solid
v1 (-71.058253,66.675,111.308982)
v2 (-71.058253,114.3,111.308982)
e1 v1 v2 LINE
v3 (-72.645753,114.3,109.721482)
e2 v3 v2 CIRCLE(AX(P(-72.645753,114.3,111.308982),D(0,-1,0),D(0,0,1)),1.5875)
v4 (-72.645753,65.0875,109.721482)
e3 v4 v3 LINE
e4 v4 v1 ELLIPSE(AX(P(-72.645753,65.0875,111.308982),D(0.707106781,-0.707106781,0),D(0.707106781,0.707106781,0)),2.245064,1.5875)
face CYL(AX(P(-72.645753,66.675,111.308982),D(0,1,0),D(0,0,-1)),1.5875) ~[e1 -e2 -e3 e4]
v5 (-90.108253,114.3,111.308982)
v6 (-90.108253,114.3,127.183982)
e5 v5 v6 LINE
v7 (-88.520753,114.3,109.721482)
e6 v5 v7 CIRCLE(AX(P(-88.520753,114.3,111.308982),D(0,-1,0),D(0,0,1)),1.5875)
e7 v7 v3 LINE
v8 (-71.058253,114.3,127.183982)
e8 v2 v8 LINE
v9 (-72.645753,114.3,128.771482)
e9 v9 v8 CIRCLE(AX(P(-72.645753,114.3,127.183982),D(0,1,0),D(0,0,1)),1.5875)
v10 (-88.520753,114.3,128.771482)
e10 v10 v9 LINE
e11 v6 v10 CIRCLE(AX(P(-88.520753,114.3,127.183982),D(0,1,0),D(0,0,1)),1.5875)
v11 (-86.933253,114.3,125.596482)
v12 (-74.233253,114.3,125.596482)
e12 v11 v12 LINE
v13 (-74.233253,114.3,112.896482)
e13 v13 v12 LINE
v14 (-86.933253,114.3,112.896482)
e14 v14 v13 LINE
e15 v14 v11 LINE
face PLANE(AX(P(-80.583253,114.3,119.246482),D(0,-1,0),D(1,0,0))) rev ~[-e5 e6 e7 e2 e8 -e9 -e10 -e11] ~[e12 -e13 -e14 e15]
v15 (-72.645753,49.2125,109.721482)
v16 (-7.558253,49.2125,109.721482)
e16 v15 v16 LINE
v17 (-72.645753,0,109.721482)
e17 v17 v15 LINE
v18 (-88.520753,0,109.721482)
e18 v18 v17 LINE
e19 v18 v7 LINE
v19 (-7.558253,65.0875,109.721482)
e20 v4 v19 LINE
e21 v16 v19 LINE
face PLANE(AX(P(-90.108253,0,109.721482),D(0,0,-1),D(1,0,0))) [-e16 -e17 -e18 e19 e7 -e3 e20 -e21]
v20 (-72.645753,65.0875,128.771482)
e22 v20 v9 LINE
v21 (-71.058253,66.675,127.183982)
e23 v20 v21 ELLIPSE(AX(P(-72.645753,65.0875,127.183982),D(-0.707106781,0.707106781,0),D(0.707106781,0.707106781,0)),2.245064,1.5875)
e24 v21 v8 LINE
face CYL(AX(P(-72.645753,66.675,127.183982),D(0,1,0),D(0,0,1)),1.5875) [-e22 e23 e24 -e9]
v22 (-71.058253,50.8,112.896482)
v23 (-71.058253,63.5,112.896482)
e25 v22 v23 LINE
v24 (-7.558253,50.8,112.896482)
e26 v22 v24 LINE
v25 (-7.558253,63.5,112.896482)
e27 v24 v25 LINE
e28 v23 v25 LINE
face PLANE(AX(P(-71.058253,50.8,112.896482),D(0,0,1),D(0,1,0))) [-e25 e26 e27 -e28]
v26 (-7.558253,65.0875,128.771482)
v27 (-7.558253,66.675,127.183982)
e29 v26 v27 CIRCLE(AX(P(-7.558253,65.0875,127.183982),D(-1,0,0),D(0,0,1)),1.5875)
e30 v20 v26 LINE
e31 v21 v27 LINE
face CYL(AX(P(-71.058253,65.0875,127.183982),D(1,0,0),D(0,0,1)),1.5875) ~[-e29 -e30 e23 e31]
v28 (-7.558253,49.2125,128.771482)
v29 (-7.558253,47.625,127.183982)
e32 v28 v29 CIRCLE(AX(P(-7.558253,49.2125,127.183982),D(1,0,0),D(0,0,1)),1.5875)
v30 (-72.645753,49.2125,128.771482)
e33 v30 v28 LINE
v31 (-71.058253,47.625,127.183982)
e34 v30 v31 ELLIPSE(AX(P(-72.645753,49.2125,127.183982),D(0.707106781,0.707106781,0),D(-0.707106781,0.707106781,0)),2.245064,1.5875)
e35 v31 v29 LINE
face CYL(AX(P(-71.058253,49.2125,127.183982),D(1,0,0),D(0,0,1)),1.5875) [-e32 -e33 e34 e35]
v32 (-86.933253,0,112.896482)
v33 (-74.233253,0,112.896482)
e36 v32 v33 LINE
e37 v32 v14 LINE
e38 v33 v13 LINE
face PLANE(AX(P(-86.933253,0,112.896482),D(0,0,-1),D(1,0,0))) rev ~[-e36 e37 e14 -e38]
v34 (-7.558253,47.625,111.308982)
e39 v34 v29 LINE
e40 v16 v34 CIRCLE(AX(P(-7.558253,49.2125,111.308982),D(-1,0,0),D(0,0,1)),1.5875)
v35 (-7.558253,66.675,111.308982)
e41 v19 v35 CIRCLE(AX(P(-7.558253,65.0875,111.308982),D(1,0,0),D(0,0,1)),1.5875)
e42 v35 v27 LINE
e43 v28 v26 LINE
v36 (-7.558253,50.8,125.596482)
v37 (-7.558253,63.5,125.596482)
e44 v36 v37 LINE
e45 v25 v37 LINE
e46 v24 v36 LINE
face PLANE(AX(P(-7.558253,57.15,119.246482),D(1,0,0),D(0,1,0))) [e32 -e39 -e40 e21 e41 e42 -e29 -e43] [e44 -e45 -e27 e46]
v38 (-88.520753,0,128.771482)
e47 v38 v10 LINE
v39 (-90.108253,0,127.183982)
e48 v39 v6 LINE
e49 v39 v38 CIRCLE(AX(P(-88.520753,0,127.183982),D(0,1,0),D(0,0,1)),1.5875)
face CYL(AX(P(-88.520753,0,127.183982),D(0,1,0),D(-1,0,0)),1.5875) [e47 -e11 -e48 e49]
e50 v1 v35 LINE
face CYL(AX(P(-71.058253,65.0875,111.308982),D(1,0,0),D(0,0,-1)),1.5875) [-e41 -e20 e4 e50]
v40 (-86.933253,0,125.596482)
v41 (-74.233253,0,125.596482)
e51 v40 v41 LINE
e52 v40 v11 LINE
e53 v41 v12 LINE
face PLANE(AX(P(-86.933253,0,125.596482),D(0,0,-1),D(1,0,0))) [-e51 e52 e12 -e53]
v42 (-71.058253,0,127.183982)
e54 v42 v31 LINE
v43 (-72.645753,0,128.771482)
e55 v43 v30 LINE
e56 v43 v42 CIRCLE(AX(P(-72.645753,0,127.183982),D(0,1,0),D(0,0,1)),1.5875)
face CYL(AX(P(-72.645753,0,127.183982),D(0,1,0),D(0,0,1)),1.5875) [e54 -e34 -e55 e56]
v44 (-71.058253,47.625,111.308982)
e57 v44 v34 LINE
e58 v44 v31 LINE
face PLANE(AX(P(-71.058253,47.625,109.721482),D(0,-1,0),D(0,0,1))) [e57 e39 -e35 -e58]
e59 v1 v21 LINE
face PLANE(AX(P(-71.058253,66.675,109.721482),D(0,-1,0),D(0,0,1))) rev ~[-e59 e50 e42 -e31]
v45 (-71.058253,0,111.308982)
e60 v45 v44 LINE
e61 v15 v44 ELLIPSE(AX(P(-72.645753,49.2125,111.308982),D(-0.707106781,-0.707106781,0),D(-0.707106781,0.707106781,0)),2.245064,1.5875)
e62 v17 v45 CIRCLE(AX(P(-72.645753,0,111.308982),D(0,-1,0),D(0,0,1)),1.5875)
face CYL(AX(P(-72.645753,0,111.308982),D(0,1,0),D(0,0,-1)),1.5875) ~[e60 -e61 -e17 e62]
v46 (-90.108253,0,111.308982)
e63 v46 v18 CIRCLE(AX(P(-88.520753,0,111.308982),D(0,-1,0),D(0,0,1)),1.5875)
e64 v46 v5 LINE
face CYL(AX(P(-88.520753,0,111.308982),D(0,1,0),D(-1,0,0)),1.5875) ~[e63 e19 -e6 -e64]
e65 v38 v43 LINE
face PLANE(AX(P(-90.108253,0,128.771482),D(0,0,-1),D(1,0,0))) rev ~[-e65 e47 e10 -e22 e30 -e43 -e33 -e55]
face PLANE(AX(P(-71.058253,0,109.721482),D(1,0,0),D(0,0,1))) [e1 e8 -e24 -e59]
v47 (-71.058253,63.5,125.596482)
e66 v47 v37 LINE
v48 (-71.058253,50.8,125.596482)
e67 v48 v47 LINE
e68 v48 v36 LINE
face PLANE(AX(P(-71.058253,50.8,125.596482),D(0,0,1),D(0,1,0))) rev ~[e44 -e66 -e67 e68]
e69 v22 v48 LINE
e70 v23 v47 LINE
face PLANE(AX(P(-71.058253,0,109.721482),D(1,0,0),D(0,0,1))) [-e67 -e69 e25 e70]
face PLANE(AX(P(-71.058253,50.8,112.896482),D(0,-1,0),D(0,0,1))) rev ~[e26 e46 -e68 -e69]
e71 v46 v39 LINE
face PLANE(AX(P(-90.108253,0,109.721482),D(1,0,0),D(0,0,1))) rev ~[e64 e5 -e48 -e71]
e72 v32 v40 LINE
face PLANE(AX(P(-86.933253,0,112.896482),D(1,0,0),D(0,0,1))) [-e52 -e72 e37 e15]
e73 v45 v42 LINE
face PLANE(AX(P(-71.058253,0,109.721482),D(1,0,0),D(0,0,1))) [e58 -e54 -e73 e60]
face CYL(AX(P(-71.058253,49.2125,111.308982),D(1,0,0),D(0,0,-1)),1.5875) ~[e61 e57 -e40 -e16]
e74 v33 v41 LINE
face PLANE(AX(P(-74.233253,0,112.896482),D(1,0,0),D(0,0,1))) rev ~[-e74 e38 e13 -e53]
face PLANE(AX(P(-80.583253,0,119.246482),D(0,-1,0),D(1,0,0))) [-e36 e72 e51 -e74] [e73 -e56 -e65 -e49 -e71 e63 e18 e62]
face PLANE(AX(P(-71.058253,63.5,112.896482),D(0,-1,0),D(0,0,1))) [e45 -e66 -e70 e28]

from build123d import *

# Parameters (mm, degrees)
F0_W     = 19.05
F0_H     = 19.05
F0_W_2   = 12.7
F0_H_2   = 12.7
F1_DEPTH = 114.3
F2_W     = 19.05
F2_H     = 19.05
F2_W_2   = 12.7
F2_H_2   = 12.7
F3_DEPTH = 63.5
F4_R     = 1.5875


with BuildPart() as f1:
    # F0 (on Front) → F1 (new body)
    with BuildSketch(Plane.XZ):
        with Locations((-80.5832530618, 119.2464818001)):
            Rectangle(F0_W, F0_H)
        with Locations((-80.5832530618, 119.2464818001)):
            Rectangle(F0_W_2, F0_H_2, mode=Mode.SUBTRACT)
    extrude(amount=-F1_DEPTH)

    # F2 (on face) → F3 (join)
    with BuildSketch(Plane.YZ.offset(-71.0582530618)):
        with Locations((57.15, 119.2464818001)):
            Rectangle(F2_W, F2_H)
        with Locations((57.15, 119.2464818001)):
            Rectangle(F2_W_2, F2_H_2, mode=Mode.SUBTRACT)
    extrude(amount=F3_DEPTH)

    # F4
    f4_edges = [f1.edges().sort_by_distance(p)[0] for p in [
        (-71.058253, 23.8125, 128.771482),
        (-39.308253, 47.625, 128.771482),
        (-90.108253, 57.15, 128.771482),
        (-71.058253, 23.8125, 109.721482),
        (-39.308253, 47.625, 109.721482),
        (-71.058253, 90.4875, 128.771482),
        (-71.058253, 90.4875, 109.721482),
        (-39.308253, 66.675, 109.721482),
        (-39.308253, 66.675, 128.771482),
        (-90.108253, 57.15, 109.721482),
    ]]
    fillet(f4_edges, radius=F4_R)


solid = f1.part
